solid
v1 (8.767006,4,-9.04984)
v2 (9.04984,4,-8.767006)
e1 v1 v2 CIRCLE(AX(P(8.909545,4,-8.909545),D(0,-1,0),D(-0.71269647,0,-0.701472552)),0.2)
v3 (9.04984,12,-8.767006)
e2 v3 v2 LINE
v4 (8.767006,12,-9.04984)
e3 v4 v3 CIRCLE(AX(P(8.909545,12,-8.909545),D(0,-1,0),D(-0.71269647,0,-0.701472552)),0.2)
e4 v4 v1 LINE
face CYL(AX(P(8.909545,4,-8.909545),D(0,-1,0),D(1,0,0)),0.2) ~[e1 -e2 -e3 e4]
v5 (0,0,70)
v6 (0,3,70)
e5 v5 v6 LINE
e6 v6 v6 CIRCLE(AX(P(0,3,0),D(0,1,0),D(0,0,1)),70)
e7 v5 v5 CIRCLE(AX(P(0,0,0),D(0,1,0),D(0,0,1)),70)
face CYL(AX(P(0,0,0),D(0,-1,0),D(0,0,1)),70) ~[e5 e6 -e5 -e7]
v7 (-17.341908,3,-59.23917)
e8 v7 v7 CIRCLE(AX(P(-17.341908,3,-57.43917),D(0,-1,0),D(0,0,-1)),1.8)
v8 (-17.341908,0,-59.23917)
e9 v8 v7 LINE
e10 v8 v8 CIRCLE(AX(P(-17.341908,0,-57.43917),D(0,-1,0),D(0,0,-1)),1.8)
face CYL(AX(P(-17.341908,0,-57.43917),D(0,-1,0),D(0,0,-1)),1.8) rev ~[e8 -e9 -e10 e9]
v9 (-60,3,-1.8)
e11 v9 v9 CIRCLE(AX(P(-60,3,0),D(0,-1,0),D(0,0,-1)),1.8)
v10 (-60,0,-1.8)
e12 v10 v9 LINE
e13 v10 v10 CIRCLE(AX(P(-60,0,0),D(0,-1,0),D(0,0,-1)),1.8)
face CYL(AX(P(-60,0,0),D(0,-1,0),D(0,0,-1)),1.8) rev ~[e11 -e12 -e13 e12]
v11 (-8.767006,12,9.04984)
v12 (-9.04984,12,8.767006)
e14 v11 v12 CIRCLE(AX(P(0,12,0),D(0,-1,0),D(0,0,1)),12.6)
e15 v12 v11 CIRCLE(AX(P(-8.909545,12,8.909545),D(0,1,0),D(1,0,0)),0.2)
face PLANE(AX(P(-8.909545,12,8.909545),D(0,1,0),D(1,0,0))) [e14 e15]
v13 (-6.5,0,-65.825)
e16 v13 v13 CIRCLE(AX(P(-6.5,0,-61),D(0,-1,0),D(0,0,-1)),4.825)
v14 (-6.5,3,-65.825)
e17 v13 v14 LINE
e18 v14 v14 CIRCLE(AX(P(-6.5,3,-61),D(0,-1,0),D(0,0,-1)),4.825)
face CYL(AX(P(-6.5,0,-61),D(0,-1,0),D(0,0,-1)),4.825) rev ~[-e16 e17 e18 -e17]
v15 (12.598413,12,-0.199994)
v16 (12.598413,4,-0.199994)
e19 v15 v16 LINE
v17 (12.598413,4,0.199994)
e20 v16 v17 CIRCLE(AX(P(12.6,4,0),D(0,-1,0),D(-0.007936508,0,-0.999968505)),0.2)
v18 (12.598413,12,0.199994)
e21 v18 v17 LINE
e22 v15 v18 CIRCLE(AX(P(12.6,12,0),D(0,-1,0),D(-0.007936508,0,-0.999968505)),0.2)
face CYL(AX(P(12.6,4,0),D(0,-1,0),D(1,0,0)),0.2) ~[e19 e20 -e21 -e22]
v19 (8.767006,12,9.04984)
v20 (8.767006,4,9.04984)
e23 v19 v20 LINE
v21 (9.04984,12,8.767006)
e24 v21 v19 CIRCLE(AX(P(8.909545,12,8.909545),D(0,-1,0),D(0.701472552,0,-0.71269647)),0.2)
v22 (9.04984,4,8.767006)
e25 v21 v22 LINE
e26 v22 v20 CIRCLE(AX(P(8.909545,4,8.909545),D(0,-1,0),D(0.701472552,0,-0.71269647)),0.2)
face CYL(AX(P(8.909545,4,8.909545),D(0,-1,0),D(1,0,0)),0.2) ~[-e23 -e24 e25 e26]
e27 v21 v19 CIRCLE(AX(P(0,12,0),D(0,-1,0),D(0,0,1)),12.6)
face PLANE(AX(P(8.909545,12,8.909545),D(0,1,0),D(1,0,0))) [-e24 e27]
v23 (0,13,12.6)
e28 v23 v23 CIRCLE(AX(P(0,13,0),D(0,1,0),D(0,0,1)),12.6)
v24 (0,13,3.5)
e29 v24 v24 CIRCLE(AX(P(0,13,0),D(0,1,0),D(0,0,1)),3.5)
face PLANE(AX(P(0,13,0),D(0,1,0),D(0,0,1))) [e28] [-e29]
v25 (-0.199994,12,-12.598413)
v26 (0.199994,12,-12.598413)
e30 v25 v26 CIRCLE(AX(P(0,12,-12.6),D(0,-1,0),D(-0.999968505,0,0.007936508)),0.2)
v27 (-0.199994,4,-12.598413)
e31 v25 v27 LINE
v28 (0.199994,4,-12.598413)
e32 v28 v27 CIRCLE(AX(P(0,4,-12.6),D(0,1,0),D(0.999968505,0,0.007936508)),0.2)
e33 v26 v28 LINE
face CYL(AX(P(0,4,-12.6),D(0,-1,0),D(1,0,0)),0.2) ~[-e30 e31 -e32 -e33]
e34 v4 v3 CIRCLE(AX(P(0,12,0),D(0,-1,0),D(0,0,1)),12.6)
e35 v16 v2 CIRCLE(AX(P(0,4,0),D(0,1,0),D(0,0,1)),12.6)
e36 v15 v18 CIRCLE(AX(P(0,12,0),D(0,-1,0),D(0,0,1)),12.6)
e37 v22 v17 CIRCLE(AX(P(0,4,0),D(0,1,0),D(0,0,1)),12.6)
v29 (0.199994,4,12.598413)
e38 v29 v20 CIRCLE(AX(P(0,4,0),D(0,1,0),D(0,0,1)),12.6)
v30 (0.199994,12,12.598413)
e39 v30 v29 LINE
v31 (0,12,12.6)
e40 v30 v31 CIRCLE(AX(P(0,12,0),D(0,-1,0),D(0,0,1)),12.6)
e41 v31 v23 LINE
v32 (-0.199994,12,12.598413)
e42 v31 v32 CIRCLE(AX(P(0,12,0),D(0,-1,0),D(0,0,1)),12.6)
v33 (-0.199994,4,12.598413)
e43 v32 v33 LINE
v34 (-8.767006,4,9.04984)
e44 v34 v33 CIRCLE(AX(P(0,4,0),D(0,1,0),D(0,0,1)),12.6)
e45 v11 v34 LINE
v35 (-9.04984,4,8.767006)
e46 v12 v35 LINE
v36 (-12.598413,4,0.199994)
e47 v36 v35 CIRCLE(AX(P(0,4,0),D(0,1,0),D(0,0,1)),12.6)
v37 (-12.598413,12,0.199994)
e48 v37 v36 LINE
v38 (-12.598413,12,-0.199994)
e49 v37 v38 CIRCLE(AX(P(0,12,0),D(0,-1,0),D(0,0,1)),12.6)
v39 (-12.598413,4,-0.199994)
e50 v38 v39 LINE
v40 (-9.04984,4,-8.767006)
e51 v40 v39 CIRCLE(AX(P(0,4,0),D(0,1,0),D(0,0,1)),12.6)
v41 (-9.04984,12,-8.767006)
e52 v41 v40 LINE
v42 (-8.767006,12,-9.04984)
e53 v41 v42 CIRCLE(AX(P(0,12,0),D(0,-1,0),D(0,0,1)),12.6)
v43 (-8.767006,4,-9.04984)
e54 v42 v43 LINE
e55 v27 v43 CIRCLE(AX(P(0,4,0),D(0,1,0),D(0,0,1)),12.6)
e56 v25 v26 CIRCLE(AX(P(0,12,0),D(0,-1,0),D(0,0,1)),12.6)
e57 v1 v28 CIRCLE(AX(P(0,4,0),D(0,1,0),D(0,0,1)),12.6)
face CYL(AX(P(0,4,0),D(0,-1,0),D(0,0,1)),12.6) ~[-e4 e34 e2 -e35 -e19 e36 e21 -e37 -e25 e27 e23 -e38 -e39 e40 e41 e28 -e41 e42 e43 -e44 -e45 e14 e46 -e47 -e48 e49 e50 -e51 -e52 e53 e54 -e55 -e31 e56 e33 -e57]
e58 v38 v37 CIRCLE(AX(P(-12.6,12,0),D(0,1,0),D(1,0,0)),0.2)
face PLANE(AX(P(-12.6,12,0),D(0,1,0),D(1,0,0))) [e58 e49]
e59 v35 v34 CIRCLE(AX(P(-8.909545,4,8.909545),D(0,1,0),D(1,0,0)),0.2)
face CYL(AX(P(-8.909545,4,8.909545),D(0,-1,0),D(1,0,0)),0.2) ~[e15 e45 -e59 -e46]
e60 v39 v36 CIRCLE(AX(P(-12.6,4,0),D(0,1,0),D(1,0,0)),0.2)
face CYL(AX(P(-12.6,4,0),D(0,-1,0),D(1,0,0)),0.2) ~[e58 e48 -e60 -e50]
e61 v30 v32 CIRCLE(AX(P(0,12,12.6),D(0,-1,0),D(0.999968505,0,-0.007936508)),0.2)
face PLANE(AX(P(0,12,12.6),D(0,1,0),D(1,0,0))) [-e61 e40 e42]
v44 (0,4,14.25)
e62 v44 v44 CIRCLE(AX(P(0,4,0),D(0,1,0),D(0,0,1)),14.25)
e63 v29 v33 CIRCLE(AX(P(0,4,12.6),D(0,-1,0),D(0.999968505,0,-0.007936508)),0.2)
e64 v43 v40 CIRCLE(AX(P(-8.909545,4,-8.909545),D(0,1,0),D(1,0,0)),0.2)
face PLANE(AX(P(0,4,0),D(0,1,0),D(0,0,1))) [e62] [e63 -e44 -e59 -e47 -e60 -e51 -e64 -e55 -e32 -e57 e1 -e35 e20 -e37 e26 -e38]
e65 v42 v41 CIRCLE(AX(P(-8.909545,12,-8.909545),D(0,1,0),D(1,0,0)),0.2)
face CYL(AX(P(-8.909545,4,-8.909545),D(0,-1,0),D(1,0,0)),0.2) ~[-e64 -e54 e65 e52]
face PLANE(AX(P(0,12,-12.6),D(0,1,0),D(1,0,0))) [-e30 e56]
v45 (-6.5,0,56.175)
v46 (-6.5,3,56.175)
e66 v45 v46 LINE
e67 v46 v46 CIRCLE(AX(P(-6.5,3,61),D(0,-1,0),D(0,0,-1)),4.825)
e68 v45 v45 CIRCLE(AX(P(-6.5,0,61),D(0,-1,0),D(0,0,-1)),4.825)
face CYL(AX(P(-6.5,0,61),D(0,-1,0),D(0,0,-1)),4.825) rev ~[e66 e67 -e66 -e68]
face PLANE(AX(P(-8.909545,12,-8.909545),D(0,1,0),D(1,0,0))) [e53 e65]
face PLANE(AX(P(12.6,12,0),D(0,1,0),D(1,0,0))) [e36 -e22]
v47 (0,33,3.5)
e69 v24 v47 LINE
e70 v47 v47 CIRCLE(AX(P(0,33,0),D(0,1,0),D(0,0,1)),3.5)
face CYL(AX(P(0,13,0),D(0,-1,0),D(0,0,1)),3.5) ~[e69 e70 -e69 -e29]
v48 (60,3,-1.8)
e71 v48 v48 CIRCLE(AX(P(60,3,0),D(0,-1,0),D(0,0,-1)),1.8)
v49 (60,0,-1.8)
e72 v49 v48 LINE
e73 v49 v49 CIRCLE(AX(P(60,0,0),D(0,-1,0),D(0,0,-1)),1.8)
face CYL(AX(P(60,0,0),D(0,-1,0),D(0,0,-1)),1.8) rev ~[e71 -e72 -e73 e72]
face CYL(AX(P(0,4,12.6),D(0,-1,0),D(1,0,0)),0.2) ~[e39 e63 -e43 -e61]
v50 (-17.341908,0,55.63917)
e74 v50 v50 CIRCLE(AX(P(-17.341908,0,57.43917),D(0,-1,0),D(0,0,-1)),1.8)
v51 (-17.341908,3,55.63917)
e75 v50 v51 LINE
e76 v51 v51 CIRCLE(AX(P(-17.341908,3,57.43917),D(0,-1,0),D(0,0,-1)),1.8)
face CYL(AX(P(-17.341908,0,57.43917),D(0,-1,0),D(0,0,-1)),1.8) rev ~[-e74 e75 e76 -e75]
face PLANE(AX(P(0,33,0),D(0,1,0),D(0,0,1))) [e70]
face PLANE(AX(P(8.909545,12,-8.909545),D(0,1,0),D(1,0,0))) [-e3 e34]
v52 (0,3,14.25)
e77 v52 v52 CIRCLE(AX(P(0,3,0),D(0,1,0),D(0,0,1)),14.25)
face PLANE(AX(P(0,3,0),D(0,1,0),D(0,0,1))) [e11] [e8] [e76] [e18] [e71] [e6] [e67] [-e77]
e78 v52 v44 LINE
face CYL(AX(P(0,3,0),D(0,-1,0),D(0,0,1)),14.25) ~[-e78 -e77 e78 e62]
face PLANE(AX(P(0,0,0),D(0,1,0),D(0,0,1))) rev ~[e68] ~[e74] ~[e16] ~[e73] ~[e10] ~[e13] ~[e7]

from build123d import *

# Parameters (mm, degrees)
SKETCH1_R                      = 70
BASE_PLATE_DEPTH               = 3
SKETCH2_R                      = 14.25
BEARING_STEPUP_DEPTH           = 1
SKETCH3_R                      = 12.6
BEARING_SITTING_DEPTH          = 9
SKETCH4_R                      = 0.2
BEARING_SITTING_GRID_DEPTH     = 8
SKETCH5_R                      = 1.8
M3_SCREW_CLEARANCE_HOLES_DEPTH = 100.844879688
SKETCH6_R                      = 4.825
HOLES_RESERVED_FOR_RODS_DEPTH  = 100.844879688
SKETCH7_R                      = 3.5
BOSS_EXTRUDE5_DEPTH            = 20


with BuildPart() as part:
    # Sketch1 → base-plate (new body)
    with BuildSketch(Plane(origin=(0, 0, 0), x_dir=(1, 0, 0), z_dir=(0, 1, 0))):
        with Locations(Location((0, 0, 0), (0, 0, 270))):
            Circle(SKETCH1_R)
    extrude(amount=BASE_PLATE_DEPTH)

    # Sketch2 → bearing-stepup (add)
    with BuildSketch(Plane(origin=(0, 3, 0), x_dir=(1, 0, 0), z_dir=(0, 1, 0))):
        with Locations(Location((0, 0, 0), (0, 0, 270))):
            Circle(SKETCH2_R)
    extrude(amount=BEARING_STEPUP_DEPTH)

    # Sketch3 → bearing-sitting (add)
    with BuildSketch(Plane(origin=(0, 4, 0), x_dir=(1, 0, 0), z_dir=(0, 1, 0))):
        with Locations(Location((0, 0, 0), (0, 0, 270))):
            Circle(SKETCH3_R)
    extrude(amount=BEARING_SITTING_DEPTH)

    # Sketch4 → bearing-sitting-grid (add)
    with BuildSketch(Plane(origin=(0, 4, 0), x_dir=(1, 0, 0), z_dir=(0, 1, 0))):
        with Locations((0, 12.6)):
            Circle(SKETCH4_R)
        with Locations((8.909545443, 8.909545443)):
            Circle(SKETCH4_R)
        with Locations((12.6, 0)):
            Circle(SKETCH4_R)
        with Locations((8.909545443, -8.909545443)):
            Circle(SKETCH4_R)
        with Locations((0, -12.6)):
            Circle(SKETCH4_R)
        with Locations((-8.909545443, -8.909545443)):
            Circle(SKETCH4_R)
        with Locations((-12.6, 0)):
            Circle(SKETCH4_R)
        with Locations((-8.909545443, 8.909545443)):
            Circle(SKETCH4_R)
    extrude(amount=BEARING_SITTING_GRID_DEPTH)

    # Sketch5 → m3-screw-clearance-holes (cut, through all)
    with BuildSketch(Plane.XZ):
        with Locations(Location((-17.341907817, 57.439169852, 0), (0, 0, 270))):
            Circle(SKETCH5_R)
        with Locations(Location((-60, 0, 0), (0, 0, 270))):
            Circle(SKETCH5_R)
        with Locations(Location((-17.341907817, -57.439169852, 0), (0, 0, 270))):
            Circle(SKETCH5_R)
        with Locations(Location((60, 0, 0), (0, 0, 270))):
            Circle(SKETCH5_R)
    extrude(amount=-M3_SCREW_CLEARANCE_HOLES_DEPTH, mode=Mode.SUBTRACT)

    # Sketch6 → holes-reserved-for-rods (cut, through all)
    with BuildSketch(Plane.XZ):
        with Locations(Location((-6.5, 61, 0), (0, 0, 270))):
            Circle(SKETCH6_R)
        with Locations(Location((-6.5, -61, 0), (0, 0, 270))):
            Circle(SKETCH6_R)
    extrude(amount=-HOLES_RESERVED_FOR_RODS_DEPTH, mode=Mode.SUBTRACT)

    # Sketch7 → Boss-Extrude5 (add)
    with BuildSketch(Plane(origin=(0, 13, 0), x_dir=(1, 0, 0), z_dir=(0, 1, 0))):
        with Locations(Location((0, 0, 0), (0, 0, 270))):
            Circle(SKETCH7_R)
    extrude(amount=BOSS_EXTRUDE5_DEPTH)


solid = part.part
